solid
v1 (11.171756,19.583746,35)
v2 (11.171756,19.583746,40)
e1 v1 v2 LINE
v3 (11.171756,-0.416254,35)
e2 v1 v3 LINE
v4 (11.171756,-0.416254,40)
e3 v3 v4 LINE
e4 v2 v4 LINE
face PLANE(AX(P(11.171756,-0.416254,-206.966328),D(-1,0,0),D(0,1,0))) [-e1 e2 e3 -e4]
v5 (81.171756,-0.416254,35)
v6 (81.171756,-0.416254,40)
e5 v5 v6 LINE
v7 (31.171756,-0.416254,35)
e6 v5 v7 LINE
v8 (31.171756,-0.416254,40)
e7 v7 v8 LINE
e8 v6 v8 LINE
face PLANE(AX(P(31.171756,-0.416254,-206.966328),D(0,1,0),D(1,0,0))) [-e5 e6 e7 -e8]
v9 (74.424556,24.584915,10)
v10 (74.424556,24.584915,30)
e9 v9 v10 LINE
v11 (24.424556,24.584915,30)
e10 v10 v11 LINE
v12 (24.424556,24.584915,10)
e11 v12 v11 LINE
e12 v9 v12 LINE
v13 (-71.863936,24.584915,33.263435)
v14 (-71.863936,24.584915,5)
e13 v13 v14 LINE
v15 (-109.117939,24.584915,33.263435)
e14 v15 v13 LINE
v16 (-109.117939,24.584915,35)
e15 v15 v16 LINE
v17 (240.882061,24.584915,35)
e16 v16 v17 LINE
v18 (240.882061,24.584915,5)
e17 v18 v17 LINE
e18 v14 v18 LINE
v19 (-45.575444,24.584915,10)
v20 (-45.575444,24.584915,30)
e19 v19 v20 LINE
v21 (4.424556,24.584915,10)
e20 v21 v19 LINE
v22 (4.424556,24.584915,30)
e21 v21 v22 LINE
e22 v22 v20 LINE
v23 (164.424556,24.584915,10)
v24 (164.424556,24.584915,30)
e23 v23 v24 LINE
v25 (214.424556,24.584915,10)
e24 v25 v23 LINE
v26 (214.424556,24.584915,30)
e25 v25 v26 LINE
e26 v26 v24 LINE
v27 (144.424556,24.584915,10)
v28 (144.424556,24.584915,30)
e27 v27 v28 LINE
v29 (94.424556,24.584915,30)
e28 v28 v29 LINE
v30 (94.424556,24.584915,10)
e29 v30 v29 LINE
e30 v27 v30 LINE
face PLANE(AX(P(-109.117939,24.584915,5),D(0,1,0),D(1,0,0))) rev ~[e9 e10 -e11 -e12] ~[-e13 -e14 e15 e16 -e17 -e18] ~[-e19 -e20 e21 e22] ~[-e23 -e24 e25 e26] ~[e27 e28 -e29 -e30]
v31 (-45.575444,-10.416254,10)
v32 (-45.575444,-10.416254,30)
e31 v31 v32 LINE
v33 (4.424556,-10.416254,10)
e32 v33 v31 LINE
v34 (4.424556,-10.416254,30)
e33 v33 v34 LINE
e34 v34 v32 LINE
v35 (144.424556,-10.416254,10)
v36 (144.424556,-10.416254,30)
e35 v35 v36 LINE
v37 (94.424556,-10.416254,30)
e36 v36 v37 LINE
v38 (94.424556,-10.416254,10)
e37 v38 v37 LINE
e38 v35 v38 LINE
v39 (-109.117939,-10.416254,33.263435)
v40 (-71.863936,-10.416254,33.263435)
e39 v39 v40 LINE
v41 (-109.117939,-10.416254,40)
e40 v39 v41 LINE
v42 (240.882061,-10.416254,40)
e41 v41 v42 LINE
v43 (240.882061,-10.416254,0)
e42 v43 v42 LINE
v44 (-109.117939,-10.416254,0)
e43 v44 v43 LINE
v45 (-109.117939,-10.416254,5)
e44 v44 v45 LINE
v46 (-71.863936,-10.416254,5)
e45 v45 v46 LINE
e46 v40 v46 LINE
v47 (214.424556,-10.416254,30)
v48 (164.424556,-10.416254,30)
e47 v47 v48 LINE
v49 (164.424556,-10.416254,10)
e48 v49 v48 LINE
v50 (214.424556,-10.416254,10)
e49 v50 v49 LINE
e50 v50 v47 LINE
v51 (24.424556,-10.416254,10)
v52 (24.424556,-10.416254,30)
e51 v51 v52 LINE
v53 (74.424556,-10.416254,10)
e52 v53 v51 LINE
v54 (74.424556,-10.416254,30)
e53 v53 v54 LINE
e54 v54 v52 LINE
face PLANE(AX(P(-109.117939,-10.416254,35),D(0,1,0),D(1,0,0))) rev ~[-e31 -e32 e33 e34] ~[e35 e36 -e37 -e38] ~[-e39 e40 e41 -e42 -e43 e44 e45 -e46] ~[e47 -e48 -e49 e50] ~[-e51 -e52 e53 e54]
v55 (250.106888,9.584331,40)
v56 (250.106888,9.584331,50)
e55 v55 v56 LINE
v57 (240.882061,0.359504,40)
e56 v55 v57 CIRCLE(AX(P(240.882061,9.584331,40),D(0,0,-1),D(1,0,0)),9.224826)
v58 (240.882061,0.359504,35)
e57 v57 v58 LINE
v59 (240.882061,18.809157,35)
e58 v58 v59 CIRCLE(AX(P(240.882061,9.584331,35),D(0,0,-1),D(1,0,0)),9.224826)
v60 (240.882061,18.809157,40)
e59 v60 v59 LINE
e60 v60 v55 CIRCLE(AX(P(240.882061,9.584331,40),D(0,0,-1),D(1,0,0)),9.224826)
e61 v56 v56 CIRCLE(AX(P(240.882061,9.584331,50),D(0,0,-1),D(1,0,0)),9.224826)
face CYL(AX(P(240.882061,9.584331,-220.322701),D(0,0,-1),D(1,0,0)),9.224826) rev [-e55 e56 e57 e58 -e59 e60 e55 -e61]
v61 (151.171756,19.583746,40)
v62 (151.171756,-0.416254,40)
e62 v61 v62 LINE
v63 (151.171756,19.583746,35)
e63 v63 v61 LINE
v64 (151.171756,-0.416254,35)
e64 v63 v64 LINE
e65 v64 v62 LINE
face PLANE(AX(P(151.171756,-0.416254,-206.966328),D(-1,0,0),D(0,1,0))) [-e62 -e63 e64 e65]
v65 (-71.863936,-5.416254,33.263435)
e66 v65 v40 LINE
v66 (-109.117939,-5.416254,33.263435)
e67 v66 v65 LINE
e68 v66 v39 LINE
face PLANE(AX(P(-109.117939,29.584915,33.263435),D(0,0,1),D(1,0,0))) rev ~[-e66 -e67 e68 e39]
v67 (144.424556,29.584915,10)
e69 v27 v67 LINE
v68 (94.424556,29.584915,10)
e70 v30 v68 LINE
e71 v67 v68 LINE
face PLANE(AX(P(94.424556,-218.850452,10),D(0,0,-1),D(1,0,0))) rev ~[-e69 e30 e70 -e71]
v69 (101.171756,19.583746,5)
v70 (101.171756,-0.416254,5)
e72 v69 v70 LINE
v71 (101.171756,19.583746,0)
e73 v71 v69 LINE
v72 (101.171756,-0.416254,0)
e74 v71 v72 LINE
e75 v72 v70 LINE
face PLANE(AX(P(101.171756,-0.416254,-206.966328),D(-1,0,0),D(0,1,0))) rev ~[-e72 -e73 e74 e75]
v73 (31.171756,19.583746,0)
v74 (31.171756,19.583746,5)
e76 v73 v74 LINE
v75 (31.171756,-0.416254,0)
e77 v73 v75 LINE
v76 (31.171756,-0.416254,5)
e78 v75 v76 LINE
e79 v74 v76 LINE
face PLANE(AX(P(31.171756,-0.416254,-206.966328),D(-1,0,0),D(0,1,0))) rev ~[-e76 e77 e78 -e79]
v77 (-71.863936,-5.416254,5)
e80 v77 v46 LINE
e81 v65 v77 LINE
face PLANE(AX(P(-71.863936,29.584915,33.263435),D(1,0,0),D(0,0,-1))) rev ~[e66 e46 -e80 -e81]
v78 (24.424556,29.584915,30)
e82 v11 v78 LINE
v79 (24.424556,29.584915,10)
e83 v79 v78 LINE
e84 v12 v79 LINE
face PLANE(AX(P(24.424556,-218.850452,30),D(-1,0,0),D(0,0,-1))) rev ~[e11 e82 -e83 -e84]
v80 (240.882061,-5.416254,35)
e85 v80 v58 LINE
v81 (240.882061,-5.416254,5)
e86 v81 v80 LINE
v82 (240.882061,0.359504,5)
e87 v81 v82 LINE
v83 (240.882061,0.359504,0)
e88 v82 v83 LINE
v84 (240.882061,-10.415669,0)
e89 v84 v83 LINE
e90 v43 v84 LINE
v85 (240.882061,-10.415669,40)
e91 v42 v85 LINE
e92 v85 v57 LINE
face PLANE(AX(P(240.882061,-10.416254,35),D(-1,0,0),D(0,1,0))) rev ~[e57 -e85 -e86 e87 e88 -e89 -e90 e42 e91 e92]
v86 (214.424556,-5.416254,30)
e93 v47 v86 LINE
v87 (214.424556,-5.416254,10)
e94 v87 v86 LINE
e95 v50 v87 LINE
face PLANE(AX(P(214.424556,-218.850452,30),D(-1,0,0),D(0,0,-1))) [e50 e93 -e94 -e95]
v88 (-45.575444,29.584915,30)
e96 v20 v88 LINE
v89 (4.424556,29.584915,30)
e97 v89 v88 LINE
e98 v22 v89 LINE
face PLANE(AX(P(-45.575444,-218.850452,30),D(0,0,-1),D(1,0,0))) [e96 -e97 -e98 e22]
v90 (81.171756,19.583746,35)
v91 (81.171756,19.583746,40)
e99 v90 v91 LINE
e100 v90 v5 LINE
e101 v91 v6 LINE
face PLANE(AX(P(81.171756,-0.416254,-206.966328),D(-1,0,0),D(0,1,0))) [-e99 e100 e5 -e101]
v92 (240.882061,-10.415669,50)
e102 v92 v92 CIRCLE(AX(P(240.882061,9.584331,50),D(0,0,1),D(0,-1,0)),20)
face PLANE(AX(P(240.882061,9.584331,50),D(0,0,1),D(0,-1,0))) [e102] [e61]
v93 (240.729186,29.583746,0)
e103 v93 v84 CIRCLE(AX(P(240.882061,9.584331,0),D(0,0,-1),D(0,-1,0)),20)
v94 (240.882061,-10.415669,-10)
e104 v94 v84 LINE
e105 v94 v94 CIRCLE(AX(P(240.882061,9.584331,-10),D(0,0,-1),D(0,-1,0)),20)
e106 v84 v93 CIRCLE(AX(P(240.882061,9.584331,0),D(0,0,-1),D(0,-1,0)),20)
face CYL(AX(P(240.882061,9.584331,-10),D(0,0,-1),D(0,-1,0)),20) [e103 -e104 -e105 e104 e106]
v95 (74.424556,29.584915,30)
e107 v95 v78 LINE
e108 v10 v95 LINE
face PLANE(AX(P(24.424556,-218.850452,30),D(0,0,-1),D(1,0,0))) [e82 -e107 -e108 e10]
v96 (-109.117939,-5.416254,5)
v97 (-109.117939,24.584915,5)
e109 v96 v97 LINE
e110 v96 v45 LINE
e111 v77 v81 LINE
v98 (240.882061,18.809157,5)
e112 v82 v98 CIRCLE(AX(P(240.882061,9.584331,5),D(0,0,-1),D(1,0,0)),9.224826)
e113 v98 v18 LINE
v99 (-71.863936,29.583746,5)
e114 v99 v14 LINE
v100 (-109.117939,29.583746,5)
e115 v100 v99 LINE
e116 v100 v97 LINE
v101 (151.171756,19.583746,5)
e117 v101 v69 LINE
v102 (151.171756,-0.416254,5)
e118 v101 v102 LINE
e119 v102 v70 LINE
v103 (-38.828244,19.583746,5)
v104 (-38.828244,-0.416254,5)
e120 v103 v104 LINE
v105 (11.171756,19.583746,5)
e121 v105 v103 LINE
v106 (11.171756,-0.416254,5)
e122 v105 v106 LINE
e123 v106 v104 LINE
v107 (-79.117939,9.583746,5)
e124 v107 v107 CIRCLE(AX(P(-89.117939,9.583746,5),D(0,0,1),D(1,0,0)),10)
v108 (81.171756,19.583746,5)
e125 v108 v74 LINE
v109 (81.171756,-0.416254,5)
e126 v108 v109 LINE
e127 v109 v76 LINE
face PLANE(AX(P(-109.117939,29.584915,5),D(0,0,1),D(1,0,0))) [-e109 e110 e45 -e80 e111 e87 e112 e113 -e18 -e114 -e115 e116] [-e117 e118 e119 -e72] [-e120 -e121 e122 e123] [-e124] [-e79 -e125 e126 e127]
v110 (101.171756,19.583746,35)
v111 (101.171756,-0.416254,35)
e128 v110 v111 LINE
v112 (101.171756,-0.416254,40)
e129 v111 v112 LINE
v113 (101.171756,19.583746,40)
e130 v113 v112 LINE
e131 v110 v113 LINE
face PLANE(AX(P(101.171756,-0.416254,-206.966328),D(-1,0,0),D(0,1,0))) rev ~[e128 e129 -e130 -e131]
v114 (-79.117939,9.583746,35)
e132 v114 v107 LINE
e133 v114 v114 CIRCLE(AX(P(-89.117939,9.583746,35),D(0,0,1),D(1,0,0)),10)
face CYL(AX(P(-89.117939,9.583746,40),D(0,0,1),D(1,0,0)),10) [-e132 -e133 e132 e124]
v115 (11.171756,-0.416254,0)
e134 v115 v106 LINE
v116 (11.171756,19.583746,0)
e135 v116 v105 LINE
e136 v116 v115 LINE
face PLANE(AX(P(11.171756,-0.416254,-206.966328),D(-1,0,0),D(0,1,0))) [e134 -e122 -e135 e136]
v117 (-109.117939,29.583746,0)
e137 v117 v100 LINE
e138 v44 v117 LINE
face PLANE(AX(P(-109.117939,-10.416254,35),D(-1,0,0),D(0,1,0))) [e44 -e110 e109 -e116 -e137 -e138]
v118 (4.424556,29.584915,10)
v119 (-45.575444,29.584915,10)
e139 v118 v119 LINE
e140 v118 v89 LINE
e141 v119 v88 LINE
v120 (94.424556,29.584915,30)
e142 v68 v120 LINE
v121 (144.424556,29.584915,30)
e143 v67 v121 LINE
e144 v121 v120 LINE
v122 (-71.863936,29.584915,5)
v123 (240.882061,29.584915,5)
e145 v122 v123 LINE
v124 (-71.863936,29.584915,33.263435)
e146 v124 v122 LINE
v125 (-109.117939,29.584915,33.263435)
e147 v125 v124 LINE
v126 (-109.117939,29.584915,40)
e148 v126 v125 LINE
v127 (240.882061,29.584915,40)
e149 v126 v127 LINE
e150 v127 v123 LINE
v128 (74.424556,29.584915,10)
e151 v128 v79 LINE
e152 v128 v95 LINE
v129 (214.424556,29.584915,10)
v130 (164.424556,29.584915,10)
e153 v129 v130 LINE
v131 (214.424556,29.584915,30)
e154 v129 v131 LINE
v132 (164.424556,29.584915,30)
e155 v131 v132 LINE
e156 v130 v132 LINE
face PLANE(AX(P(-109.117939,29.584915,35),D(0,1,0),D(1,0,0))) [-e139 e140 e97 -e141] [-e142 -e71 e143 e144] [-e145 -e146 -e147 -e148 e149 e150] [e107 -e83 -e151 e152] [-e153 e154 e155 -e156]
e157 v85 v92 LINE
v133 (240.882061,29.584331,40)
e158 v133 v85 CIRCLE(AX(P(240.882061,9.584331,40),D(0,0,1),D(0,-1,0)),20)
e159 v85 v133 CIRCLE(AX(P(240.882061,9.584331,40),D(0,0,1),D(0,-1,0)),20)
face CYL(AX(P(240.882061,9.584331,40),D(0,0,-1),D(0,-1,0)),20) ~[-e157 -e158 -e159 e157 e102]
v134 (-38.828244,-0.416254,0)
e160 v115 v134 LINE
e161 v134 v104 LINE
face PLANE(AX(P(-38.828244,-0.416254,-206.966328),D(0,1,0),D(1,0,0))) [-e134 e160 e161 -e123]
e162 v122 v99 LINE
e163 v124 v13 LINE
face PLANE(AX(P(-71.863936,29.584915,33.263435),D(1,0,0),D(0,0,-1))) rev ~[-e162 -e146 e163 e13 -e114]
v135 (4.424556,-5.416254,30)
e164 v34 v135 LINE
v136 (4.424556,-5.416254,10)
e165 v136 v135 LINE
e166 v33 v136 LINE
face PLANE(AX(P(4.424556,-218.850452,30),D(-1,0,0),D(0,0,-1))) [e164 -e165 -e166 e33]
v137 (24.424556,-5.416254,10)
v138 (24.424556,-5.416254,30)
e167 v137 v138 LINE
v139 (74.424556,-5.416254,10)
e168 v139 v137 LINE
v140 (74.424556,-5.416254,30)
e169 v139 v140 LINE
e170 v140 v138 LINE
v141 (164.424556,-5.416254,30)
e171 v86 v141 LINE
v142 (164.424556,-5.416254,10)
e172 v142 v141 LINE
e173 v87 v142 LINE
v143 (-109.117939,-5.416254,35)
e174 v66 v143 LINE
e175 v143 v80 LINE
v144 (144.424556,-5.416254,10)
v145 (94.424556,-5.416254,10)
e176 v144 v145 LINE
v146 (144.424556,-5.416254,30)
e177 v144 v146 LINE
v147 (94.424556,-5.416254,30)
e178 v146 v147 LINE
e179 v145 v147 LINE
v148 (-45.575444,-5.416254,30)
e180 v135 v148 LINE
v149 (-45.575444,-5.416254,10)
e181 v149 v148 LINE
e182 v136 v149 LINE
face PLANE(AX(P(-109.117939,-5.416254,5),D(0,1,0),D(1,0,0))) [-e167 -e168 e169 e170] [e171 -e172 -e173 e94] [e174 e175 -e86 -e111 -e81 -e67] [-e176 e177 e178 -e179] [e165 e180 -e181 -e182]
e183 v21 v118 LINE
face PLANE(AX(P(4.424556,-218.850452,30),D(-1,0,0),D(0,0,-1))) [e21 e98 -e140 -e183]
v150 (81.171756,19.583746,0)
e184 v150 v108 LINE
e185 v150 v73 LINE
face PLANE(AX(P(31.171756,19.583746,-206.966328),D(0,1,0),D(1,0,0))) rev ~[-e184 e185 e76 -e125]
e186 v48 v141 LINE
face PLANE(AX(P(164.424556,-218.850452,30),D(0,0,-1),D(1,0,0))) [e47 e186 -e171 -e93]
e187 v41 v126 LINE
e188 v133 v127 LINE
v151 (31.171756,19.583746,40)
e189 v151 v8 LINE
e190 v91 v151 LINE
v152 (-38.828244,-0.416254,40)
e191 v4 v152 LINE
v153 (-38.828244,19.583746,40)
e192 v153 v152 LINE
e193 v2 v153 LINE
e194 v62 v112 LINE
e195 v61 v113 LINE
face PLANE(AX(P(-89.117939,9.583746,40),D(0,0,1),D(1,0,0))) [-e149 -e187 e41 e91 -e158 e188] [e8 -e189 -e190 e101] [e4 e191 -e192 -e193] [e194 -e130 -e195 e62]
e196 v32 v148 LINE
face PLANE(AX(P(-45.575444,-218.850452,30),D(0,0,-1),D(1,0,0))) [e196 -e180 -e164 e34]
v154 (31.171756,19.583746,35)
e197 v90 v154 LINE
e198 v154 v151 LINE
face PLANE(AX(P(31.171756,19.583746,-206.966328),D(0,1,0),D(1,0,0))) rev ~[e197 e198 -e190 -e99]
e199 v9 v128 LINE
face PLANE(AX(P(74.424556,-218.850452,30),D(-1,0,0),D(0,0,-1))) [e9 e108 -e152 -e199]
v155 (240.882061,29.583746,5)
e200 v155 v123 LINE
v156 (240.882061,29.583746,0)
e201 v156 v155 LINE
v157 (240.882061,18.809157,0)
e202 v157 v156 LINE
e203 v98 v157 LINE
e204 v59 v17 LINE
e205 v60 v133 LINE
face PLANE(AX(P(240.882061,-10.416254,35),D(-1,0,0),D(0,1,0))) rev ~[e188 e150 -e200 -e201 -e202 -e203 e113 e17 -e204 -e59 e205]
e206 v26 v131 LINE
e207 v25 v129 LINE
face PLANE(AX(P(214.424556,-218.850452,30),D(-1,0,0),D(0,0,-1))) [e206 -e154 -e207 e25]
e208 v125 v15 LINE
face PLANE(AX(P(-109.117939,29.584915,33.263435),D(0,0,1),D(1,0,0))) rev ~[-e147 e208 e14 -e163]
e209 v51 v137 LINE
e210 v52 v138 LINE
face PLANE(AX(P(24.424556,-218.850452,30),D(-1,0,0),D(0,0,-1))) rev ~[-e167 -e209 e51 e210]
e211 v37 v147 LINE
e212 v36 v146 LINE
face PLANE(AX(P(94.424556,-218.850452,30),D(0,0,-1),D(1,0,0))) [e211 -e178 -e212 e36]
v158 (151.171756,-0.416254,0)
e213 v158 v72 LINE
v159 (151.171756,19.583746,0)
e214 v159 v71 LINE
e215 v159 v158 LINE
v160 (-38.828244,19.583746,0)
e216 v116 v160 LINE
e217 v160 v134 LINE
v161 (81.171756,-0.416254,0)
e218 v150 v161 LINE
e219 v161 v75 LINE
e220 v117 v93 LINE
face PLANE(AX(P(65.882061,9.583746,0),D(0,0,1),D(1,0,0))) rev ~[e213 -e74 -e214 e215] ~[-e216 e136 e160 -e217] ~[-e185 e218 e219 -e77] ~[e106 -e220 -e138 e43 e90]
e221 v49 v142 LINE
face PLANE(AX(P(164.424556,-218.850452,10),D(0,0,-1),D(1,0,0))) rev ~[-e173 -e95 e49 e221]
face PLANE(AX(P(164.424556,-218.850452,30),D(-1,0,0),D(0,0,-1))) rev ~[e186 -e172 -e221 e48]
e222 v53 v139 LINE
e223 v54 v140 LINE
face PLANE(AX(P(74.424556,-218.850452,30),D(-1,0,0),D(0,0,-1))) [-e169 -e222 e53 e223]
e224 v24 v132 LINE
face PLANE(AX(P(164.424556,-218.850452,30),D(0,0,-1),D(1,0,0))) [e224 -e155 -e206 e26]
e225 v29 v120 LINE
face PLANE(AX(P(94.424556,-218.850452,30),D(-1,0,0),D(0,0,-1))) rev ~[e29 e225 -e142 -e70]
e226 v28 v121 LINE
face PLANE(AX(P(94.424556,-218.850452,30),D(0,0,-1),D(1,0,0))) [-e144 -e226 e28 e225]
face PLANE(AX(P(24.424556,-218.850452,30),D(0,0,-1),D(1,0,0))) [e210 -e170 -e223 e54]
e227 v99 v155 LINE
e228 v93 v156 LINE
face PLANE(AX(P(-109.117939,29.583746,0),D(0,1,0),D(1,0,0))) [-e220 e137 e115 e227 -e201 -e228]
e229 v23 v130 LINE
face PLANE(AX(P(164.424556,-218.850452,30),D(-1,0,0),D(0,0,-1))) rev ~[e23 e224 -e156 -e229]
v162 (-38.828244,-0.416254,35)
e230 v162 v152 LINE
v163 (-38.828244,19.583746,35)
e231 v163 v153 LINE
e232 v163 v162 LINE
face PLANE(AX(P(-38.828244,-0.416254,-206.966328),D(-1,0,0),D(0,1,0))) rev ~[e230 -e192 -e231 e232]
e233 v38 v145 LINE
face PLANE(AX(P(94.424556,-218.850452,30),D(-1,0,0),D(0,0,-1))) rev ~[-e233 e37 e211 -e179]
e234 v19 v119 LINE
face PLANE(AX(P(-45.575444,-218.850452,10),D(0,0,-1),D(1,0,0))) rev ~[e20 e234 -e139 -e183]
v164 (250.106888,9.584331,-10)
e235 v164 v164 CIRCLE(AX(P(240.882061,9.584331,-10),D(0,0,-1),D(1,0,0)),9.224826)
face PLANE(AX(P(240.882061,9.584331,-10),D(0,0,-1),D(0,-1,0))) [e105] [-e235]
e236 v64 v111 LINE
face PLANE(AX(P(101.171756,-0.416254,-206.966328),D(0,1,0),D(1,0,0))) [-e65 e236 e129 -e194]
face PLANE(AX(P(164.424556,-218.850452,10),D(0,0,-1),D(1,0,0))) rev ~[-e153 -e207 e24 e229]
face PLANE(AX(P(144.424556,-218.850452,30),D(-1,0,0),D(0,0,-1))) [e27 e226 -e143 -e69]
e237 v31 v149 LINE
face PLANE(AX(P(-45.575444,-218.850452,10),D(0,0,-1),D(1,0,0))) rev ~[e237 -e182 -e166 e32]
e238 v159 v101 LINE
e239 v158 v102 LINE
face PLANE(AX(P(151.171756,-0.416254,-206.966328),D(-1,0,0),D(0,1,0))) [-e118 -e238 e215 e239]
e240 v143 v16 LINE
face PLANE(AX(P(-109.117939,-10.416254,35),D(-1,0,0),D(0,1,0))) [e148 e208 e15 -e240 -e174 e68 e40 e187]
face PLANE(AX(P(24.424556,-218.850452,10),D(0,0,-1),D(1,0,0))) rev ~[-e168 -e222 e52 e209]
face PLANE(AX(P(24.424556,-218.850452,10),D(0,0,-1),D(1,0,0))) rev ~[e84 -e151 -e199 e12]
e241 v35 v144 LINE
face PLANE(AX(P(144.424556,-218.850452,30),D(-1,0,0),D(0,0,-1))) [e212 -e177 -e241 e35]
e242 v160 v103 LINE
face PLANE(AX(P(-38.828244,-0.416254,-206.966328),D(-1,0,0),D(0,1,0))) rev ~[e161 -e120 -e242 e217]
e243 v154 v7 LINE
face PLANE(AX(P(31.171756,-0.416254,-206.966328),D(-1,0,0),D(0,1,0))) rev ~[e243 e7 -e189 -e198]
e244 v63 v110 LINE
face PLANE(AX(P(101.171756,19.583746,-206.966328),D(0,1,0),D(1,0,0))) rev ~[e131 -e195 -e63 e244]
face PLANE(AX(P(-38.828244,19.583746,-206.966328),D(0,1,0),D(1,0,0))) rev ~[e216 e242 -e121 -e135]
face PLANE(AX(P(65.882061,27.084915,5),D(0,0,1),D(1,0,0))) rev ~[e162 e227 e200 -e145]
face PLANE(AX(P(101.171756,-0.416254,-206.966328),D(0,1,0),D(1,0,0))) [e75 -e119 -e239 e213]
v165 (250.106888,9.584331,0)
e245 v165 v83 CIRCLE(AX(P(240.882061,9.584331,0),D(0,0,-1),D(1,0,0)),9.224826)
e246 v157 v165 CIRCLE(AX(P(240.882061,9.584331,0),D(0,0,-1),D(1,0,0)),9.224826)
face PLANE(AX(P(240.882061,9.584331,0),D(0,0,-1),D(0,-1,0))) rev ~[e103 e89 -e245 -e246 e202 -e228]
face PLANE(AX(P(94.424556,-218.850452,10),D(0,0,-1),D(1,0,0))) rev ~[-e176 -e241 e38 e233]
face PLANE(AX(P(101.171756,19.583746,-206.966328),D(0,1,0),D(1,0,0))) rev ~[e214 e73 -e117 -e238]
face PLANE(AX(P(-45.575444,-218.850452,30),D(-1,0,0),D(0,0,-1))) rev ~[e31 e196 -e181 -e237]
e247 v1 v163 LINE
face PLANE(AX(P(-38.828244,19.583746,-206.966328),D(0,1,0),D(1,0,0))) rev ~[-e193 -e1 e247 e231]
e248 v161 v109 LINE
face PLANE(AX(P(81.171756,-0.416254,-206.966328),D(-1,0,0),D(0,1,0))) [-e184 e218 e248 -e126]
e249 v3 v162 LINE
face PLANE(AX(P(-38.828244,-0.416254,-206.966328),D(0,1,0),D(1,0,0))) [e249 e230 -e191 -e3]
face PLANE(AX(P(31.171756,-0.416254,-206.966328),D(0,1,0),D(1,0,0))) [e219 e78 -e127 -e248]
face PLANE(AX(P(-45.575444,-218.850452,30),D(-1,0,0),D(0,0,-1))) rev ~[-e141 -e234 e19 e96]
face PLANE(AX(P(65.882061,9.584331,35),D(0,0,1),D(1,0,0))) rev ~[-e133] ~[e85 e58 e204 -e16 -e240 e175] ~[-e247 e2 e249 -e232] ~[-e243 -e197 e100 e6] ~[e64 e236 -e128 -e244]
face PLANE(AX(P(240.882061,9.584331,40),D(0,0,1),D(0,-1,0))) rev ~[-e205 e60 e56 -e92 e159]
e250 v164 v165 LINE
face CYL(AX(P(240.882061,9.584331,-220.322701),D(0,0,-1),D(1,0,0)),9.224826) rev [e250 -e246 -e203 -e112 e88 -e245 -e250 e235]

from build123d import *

# Parameters (mm, degrees)
SKETCH1_W               = 350
SKETCH1_H               = 40
BOSS_EXTRUDE1_DEPTH     = 5
SKETCH2_W               = 350
SKETCH2_H               = 5
BOSS_EXTRUDE2_DEPTH     = 30
SKETCH3_W               = 350
SKETCH3_H               = 5
BOSS_EXTRUDE3_DEPTH     = 30
SKETCH5_W               = 350
SKETCH5_H               = 40.001168566
BOSS_EXTRUDE4_DEPTH     = 5
CUT_EXTRUDE1_DEPTH      = 246.966328414
CUT_EXTRUDE1_DEPTH_BACK = 246.966328414
SKETCH7_W               = 50
SKETCH7_H               = 20
CUT_EXTRUDE2_DEPTH      = 248.435367346
CUT_EXTRUDE2_DEPTH_BACK = 248.435367346
SKETCH8_W               = 50
SKETCH8_H               = 20
SKETCH9_R               = 20
BOSS_EXTRUDE5_DEPTH     = 10
BOSS_EXTRUDE6_START     = 10
SKETCH10_R              = 20
BOSS_EXTRUDE6_DEPTH     = 10
SKETCH11_W              = 37.254002163
SKETCH11_H              = 28.263435051
CUT_EXTRUDE3_DEPTH      = 269.625284498
CUT_EXTRUDE4_DEPTH      = 270.32270081
CUT_EXTRUDE4_DEPTH_BACK = 270.32270081
SKETCH12_R              = 9.224826447
SKETCH13_R              = 10
BOSS_EXTRUDE7_DEPTH     = 40


with BuildPart() as part:
    # Sketch1 → Boss-Extrude1 (new body)
    with BuildSketch(Plane.XY):
        with Locations((65.882061447, 9.583746283)):
            Rectangle(SKETCH1_W, SKETCH1_H)
    extrude(amount=BOSS_EXTRUDE1_DEPTH)

    # Sketch2 → Boss-Extrude2 (add)
    with BuildSketch(Plane.XY.offset(5)):
        with Locations((65.882061447, 27.084914849)):
            Rectangle(SKETCH2_W, SKETCH2_H)
    extrude(amount=BOSS_EXTRUDE2_DEPTH)

    # Sketch3 → Boss-Extrude3 (add)
    with BuildSketch(Plane.XY.offset(5)):
        with Locations((65.882061447, -7.916253717)):
            Rectangle(SKETCH3_W, SKETCH3_H)
    extrude(amount=BOSS_EXTRUDE3_DEPTH)

    # Sketch5 → Boss-Extrude4 (add)
    with BuildSketch(Plane.XY.offset(35)):
        with Locations((65.882061447, 9.584330566)):
            Rectangle(SKETCH5_W, SKETCH5_H)
    extrude(amount=BOSS_EXTRUDE4_DEPTH)

    # Sketch7 → Cut-Extrude1 (cut, two sides: drawn at the far end of the back side and taken through both)
    with BuildSketch(Plane.XY.offset(40).offset(-CUT_EXTRUDE1_DEPTH_BACK)):
        with Locations((-13.828244269, 9.583746283)):
            Rectangle(SKETCH7_W, SKETCH7_H)
        with Locations((56.171755731, 9.583746283)):
            Rectangle(SKETCH7_W, SKETCH7_H)
        with Locations((126.171755731, 9.583746283)):
            Rectangle(SKETCH7_W, SKETCH7_H)
    extrude(amount=CUT_EXTRUDE1_DEPTH + CUT_EXTRUDE1_DEPTH_BACK, mode=Mode.SUBTRACT)

    # Sketch8 → Cut-Extrude2 (cut, two sides: drawn at the far end of the back side and taken through both)
    with BuildSketch(Plane(origin=(0, 29.584914849, 0), x_dir=(1, 0, 0), z_dir=(0, 1, 0)).offset(-CUT_EXTRUDE2_DEPTH_BACK)):
        with Locations((-20.575444154, -20)):
            Rectangle(SKETCH8_W, SKETCH8_H)
        with Locations((49.424555846, -20)):
            Rectangle(SKETCH8_W, SKETCH8_H)
        with Locations((119.424555846, -20)):
            Rectangle(SKETCH8_W, SKETCH8_H)
        with Locations((189.424555846, -20)):
            Rectangle(SKETCH8_W, SKETCH8_H)
    extrude(amount=CUT_EXTRUDE2_DEPTH + CUT_EXTRUDE2_DEPTH_BACK, mode=Mode.SUBTRACT)

    # Sketch9 → Boss-Extrude5 (add)
    with BuildSketch(Plane.XY.offset(40)):
        with Locations(Location((240.882061447, 9.584330566, 0), (0, 0, 270))):
            Circle(SKETCH9_R)
    extrude(amount=BOSS_EXTRUDE5_DEPTH)

    # Sketch10 → Boss-Extrude6 (add)
    with BuildSketch(Plane(origin=(0, 0, 0), x_dir=(-1, 0, 0), z_dir=(0, 0, -1)).offset(BOSS_EXTRUDE6_START)):
        with Locations(Location((-240.882061447, 9.584330566, 0), (0, 0, 270))):
            Circle(SKETCH10_R)
    extrude(amount=-BOSS_EXTRUDE6_DEPTH)

    # Sketch11 → Cut-Extrude3 (cut, through all)
    with BuildSketch(Plane(origin=(0, 29.584914849, 0), x_dir=(1, 0, 0), z_dir=(0, 1, 0))):
        with Locations((-90.490937472, -19.131717526)):
            Rectangle(SKETCH11_W, SKETCH11_H)
    extrude(amount=-CUT_EXTRUDE3_DEPTH, mode=Mode.SUBTRACT)

    # Sketch12 → Cut-Extrude4 (cut, two sides: drawn at the far end of the back side and taken through both)
    with BuildSketch(Plane.XY.offset(50).offset(-CUT_EXTRUDE4_DEPTH_BACK)):
        with Locations((240.882061447, 9.584330566)):
            Circle(SKETCH12_R)
    extrude(amount=CUT_EXTRUDE4_DEPTH + CUT_EXTRUDE4_DEPTH_BACK, mode=Mode.SUBTRACT)

    # Sketch13 → Boss-Extrude7 (add)
    with BuildSketch(Plane.XY.offset(40)):
        with Locations((-89.117938553, 9.583746283)):
            Circle(SKETCH13_R)
    extrude(amount=-BOSS_EXTRUDE7_DEPTH)


solid = part.part
